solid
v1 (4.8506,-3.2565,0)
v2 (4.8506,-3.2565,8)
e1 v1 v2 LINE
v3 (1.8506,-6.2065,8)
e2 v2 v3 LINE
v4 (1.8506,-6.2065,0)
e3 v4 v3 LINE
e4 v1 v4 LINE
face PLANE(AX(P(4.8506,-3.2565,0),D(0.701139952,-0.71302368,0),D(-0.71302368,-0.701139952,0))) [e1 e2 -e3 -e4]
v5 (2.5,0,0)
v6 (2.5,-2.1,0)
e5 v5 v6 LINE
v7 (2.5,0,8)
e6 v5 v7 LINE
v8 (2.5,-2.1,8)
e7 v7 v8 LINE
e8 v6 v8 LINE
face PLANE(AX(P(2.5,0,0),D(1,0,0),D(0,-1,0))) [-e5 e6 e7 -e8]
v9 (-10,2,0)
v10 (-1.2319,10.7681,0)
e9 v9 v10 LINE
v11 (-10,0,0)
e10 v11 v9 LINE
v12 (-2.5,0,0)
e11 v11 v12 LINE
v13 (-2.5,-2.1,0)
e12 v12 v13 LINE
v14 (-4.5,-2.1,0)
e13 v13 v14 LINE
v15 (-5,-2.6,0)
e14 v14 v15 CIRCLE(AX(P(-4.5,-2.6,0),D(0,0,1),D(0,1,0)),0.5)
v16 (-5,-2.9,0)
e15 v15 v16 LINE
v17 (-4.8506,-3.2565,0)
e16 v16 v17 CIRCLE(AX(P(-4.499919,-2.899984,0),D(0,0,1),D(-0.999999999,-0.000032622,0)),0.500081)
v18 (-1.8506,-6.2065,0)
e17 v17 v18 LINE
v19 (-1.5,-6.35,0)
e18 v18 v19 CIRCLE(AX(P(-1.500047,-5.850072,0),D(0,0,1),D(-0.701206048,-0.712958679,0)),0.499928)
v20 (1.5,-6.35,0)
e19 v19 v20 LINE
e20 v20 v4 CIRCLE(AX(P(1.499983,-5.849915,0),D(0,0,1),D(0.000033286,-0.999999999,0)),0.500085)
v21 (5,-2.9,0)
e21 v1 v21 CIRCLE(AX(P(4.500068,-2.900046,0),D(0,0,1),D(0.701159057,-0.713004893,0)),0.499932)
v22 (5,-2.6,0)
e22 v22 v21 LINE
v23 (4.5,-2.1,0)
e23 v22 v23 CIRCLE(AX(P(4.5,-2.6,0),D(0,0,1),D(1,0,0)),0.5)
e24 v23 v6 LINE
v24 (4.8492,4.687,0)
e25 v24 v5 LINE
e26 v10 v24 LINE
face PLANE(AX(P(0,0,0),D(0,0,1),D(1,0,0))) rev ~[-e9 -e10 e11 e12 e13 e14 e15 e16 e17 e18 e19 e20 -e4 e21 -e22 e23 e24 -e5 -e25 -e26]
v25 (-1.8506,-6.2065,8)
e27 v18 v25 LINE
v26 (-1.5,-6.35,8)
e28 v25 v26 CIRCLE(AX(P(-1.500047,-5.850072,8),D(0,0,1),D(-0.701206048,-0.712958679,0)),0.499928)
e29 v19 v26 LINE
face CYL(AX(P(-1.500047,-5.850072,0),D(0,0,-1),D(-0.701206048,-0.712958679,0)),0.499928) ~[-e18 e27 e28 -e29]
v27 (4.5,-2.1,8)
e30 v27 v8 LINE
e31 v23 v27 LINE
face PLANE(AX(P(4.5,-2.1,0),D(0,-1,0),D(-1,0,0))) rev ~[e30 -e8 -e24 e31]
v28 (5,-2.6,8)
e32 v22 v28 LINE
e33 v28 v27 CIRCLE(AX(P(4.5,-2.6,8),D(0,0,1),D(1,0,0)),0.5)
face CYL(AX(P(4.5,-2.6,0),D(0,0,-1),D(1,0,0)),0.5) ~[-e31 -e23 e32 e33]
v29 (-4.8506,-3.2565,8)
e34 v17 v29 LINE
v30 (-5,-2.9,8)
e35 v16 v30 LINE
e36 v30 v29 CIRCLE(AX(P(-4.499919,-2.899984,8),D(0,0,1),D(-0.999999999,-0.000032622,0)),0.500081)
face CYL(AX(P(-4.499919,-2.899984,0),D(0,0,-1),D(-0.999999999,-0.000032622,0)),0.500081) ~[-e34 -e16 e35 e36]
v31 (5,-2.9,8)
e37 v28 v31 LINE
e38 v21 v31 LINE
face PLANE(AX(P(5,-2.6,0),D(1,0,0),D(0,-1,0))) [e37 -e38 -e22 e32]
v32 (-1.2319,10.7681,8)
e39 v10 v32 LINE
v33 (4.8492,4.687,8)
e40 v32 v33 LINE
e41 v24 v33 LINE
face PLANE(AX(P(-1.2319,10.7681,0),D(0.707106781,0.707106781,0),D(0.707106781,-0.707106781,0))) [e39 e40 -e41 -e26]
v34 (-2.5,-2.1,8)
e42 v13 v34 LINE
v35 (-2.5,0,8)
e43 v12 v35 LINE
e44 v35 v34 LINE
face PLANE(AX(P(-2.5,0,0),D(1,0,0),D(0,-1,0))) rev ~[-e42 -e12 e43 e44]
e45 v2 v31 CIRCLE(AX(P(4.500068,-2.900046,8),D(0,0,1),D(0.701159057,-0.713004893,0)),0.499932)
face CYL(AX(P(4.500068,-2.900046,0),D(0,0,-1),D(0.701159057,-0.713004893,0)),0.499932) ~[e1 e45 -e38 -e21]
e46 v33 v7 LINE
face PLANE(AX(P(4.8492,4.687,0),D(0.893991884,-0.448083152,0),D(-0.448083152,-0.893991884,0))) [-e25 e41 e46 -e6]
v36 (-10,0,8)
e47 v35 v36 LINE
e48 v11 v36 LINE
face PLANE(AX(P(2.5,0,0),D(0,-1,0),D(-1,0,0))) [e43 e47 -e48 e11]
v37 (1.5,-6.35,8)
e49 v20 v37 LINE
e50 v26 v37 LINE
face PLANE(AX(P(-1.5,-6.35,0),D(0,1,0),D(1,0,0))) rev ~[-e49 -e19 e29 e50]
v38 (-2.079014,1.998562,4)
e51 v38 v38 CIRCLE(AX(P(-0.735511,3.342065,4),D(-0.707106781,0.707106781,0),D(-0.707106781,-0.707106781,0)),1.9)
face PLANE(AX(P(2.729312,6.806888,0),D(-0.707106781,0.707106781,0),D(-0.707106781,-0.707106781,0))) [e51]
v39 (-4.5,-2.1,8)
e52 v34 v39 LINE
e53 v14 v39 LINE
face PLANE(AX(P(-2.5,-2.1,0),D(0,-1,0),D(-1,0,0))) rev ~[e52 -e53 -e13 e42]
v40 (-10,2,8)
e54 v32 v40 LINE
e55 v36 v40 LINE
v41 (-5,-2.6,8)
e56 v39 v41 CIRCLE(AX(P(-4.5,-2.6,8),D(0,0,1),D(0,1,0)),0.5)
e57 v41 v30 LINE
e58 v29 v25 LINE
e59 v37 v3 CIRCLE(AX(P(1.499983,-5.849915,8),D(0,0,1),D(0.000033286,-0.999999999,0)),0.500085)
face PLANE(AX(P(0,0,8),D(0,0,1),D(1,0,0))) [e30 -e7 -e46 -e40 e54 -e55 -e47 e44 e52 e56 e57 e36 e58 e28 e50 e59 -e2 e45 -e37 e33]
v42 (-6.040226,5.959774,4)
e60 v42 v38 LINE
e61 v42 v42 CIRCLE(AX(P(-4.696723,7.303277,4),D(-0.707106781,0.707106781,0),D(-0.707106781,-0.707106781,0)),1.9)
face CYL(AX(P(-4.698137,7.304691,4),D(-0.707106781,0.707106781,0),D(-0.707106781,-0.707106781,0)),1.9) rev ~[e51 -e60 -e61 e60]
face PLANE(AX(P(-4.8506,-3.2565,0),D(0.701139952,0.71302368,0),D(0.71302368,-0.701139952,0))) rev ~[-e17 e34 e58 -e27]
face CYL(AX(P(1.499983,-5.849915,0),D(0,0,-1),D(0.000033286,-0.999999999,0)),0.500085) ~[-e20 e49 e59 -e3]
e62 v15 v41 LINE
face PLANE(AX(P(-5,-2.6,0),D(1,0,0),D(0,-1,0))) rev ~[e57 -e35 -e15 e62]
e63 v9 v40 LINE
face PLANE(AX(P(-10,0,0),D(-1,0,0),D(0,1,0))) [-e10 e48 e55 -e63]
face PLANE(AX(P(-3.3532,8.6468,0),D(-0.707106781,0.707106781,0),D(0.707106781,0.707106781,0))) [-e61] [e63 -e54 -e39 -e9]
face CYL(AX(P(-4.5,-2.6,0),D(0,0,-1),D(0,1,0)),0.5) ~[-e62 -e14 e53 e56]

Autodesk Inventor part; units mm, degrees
ref_plane "YZ Plane" through (0, 0, 0) normal (1, 0, 0) x (0, 1, 0)
ref_plane "XZ Plane" through (0, 0, 0) normal (0, 1, 0) x (-1, 0, 0)
ref_plane "XY Plane" through (0, 0, 0) normal (0, 0, 1) x (1, 0, 0)
sketch "Sketch1" plane through (0, 0, 0) normal (0, 0, 1) x (1, 0, 0)
  arc A0 (-5, -2.9) -> (-4.8506, -3.2565) centre (-4.5, -2.9) ccw
  line L0 (-5, -2.6) -> (-5, -2.9)
  arc A1 (-4.5, -2.1) -> (-5, -2.6) centre (-4.5, -2.6) ccw
  line L1 (-4.8506, -3.2565) -> (-1.8506, -6.2065)
  arc A2 (-1.8506, -6.2065) -> (-1.5, -6.35) centre (-1.5, -5.85) ccw
  line L2 (-1.5, -6.35) -> (1.5, -6.35)
  line L3 (4.5, -2.1) -> (-4.5, -2.1)
  arc A3 (1.5, -6.35) -> (1.8506, -6.2065) centre (1.5, -5.85) ccw
  line L4 (4.8506, -3.2565) -> (1.8506, -6.2065)
  arc A4 (5, -2.6) -> (4.5, -2.1) centre (4.5, -2.6) ccw
  arc A5 (4.8506, -3.2565) -> (5, -2.9) centre (4.5, -2.9) ccw
  line L5 (5, -2.6) -> (5, -2.9)
  line L6 (-2.5, 0) -> (2.5, 0)
  line L7 (-2.5, 0) -> (-2.5, -2.1)
  line L8 (2.5, 0) -> (2.5, -2.1)
  point P0 (0, -6.35)
  point P1 (0, 0)
  point P2 (0, -2.1)
  point P3 (0, 0)
  dimension "d9" = 4.25
  dimension "d10" = 10
  dimension "d12" = 0.3
  dimension "d13" = 9
  dimension "d14" = 3
  dimension "d17" = 2.1
  dimension "d18" = 5
extrude "Extrusion1" add sketch "Sketch1" along normal blind 8
sketch "Sketch2" plane through (0, 0, 0) normal (0, 0, -1) x (-1, 0, 0)
  line L0 (-2.5, 0) -> (2.5, 0) projected
  line L1 (2.5, 0) -> (12, 0)
  line L2 (-2.5, -2.1) -> (-2.5, 0) projected
  line L3 (12, 0) -> (3.3532, 8.6468)
  line L4 (-0.6066, 4.687) -> (2.0804, 2)
  line L5 (3.3532, 8.6468) -> (-0.6066, 4.687)
  line L6 (2.0804, 2) -> (6.0402, 5.9598)
  line L7 (10, 0) -> (10, 2)
  line L8 (3.3532, 8.6468) -> (1.2319, 10.7681)
  line L9 (1.2319, 10.7681) -> (-4.8492, 4.687)
  line L10 (-4.8492, 4.687) -> (-2.5, 0)
  point P0 (0, 0)
  dimension "d21" = 12
  dimension "d23" = 45
  dimension "d24" = 3.8
  dimension "d25" = 5.6
  dimension "d26" = 2
  dimension "d28" = 3
  dimension "d34" = 10
extrude "Extrusion2" add sketch "Sketch2" against normal up to surface (8 mm away) contours L10 L9 L8 L5 L4 L6 L3 L7 L1 L0 | L3 L6 L4 L5
sketch "Sketch3" plane through (-1.2319, 10.7681, 0) normal (-0.7071, 0.7071, 0) x (-0.7071, -0.7071, 0)
  line L0 (12.4, 0) -> (12.4, 8) projected
  line L1 (6.8, 0) -> (3, 0)
  line L2 (12.4, 0) -> (0, 0) projected
  circle A0 centre (4.9, 4) radius 1.9
  point P0 (6.7431, 0)
  point P1 (12.4, 4)
  point P2 (4.9, 0)
  dimension "d31" = 3.8
extrude "Extrusion3" cut sketch "Sketch3" against normal blind 5.6
properties part number "Profil-ElBoardHold"
